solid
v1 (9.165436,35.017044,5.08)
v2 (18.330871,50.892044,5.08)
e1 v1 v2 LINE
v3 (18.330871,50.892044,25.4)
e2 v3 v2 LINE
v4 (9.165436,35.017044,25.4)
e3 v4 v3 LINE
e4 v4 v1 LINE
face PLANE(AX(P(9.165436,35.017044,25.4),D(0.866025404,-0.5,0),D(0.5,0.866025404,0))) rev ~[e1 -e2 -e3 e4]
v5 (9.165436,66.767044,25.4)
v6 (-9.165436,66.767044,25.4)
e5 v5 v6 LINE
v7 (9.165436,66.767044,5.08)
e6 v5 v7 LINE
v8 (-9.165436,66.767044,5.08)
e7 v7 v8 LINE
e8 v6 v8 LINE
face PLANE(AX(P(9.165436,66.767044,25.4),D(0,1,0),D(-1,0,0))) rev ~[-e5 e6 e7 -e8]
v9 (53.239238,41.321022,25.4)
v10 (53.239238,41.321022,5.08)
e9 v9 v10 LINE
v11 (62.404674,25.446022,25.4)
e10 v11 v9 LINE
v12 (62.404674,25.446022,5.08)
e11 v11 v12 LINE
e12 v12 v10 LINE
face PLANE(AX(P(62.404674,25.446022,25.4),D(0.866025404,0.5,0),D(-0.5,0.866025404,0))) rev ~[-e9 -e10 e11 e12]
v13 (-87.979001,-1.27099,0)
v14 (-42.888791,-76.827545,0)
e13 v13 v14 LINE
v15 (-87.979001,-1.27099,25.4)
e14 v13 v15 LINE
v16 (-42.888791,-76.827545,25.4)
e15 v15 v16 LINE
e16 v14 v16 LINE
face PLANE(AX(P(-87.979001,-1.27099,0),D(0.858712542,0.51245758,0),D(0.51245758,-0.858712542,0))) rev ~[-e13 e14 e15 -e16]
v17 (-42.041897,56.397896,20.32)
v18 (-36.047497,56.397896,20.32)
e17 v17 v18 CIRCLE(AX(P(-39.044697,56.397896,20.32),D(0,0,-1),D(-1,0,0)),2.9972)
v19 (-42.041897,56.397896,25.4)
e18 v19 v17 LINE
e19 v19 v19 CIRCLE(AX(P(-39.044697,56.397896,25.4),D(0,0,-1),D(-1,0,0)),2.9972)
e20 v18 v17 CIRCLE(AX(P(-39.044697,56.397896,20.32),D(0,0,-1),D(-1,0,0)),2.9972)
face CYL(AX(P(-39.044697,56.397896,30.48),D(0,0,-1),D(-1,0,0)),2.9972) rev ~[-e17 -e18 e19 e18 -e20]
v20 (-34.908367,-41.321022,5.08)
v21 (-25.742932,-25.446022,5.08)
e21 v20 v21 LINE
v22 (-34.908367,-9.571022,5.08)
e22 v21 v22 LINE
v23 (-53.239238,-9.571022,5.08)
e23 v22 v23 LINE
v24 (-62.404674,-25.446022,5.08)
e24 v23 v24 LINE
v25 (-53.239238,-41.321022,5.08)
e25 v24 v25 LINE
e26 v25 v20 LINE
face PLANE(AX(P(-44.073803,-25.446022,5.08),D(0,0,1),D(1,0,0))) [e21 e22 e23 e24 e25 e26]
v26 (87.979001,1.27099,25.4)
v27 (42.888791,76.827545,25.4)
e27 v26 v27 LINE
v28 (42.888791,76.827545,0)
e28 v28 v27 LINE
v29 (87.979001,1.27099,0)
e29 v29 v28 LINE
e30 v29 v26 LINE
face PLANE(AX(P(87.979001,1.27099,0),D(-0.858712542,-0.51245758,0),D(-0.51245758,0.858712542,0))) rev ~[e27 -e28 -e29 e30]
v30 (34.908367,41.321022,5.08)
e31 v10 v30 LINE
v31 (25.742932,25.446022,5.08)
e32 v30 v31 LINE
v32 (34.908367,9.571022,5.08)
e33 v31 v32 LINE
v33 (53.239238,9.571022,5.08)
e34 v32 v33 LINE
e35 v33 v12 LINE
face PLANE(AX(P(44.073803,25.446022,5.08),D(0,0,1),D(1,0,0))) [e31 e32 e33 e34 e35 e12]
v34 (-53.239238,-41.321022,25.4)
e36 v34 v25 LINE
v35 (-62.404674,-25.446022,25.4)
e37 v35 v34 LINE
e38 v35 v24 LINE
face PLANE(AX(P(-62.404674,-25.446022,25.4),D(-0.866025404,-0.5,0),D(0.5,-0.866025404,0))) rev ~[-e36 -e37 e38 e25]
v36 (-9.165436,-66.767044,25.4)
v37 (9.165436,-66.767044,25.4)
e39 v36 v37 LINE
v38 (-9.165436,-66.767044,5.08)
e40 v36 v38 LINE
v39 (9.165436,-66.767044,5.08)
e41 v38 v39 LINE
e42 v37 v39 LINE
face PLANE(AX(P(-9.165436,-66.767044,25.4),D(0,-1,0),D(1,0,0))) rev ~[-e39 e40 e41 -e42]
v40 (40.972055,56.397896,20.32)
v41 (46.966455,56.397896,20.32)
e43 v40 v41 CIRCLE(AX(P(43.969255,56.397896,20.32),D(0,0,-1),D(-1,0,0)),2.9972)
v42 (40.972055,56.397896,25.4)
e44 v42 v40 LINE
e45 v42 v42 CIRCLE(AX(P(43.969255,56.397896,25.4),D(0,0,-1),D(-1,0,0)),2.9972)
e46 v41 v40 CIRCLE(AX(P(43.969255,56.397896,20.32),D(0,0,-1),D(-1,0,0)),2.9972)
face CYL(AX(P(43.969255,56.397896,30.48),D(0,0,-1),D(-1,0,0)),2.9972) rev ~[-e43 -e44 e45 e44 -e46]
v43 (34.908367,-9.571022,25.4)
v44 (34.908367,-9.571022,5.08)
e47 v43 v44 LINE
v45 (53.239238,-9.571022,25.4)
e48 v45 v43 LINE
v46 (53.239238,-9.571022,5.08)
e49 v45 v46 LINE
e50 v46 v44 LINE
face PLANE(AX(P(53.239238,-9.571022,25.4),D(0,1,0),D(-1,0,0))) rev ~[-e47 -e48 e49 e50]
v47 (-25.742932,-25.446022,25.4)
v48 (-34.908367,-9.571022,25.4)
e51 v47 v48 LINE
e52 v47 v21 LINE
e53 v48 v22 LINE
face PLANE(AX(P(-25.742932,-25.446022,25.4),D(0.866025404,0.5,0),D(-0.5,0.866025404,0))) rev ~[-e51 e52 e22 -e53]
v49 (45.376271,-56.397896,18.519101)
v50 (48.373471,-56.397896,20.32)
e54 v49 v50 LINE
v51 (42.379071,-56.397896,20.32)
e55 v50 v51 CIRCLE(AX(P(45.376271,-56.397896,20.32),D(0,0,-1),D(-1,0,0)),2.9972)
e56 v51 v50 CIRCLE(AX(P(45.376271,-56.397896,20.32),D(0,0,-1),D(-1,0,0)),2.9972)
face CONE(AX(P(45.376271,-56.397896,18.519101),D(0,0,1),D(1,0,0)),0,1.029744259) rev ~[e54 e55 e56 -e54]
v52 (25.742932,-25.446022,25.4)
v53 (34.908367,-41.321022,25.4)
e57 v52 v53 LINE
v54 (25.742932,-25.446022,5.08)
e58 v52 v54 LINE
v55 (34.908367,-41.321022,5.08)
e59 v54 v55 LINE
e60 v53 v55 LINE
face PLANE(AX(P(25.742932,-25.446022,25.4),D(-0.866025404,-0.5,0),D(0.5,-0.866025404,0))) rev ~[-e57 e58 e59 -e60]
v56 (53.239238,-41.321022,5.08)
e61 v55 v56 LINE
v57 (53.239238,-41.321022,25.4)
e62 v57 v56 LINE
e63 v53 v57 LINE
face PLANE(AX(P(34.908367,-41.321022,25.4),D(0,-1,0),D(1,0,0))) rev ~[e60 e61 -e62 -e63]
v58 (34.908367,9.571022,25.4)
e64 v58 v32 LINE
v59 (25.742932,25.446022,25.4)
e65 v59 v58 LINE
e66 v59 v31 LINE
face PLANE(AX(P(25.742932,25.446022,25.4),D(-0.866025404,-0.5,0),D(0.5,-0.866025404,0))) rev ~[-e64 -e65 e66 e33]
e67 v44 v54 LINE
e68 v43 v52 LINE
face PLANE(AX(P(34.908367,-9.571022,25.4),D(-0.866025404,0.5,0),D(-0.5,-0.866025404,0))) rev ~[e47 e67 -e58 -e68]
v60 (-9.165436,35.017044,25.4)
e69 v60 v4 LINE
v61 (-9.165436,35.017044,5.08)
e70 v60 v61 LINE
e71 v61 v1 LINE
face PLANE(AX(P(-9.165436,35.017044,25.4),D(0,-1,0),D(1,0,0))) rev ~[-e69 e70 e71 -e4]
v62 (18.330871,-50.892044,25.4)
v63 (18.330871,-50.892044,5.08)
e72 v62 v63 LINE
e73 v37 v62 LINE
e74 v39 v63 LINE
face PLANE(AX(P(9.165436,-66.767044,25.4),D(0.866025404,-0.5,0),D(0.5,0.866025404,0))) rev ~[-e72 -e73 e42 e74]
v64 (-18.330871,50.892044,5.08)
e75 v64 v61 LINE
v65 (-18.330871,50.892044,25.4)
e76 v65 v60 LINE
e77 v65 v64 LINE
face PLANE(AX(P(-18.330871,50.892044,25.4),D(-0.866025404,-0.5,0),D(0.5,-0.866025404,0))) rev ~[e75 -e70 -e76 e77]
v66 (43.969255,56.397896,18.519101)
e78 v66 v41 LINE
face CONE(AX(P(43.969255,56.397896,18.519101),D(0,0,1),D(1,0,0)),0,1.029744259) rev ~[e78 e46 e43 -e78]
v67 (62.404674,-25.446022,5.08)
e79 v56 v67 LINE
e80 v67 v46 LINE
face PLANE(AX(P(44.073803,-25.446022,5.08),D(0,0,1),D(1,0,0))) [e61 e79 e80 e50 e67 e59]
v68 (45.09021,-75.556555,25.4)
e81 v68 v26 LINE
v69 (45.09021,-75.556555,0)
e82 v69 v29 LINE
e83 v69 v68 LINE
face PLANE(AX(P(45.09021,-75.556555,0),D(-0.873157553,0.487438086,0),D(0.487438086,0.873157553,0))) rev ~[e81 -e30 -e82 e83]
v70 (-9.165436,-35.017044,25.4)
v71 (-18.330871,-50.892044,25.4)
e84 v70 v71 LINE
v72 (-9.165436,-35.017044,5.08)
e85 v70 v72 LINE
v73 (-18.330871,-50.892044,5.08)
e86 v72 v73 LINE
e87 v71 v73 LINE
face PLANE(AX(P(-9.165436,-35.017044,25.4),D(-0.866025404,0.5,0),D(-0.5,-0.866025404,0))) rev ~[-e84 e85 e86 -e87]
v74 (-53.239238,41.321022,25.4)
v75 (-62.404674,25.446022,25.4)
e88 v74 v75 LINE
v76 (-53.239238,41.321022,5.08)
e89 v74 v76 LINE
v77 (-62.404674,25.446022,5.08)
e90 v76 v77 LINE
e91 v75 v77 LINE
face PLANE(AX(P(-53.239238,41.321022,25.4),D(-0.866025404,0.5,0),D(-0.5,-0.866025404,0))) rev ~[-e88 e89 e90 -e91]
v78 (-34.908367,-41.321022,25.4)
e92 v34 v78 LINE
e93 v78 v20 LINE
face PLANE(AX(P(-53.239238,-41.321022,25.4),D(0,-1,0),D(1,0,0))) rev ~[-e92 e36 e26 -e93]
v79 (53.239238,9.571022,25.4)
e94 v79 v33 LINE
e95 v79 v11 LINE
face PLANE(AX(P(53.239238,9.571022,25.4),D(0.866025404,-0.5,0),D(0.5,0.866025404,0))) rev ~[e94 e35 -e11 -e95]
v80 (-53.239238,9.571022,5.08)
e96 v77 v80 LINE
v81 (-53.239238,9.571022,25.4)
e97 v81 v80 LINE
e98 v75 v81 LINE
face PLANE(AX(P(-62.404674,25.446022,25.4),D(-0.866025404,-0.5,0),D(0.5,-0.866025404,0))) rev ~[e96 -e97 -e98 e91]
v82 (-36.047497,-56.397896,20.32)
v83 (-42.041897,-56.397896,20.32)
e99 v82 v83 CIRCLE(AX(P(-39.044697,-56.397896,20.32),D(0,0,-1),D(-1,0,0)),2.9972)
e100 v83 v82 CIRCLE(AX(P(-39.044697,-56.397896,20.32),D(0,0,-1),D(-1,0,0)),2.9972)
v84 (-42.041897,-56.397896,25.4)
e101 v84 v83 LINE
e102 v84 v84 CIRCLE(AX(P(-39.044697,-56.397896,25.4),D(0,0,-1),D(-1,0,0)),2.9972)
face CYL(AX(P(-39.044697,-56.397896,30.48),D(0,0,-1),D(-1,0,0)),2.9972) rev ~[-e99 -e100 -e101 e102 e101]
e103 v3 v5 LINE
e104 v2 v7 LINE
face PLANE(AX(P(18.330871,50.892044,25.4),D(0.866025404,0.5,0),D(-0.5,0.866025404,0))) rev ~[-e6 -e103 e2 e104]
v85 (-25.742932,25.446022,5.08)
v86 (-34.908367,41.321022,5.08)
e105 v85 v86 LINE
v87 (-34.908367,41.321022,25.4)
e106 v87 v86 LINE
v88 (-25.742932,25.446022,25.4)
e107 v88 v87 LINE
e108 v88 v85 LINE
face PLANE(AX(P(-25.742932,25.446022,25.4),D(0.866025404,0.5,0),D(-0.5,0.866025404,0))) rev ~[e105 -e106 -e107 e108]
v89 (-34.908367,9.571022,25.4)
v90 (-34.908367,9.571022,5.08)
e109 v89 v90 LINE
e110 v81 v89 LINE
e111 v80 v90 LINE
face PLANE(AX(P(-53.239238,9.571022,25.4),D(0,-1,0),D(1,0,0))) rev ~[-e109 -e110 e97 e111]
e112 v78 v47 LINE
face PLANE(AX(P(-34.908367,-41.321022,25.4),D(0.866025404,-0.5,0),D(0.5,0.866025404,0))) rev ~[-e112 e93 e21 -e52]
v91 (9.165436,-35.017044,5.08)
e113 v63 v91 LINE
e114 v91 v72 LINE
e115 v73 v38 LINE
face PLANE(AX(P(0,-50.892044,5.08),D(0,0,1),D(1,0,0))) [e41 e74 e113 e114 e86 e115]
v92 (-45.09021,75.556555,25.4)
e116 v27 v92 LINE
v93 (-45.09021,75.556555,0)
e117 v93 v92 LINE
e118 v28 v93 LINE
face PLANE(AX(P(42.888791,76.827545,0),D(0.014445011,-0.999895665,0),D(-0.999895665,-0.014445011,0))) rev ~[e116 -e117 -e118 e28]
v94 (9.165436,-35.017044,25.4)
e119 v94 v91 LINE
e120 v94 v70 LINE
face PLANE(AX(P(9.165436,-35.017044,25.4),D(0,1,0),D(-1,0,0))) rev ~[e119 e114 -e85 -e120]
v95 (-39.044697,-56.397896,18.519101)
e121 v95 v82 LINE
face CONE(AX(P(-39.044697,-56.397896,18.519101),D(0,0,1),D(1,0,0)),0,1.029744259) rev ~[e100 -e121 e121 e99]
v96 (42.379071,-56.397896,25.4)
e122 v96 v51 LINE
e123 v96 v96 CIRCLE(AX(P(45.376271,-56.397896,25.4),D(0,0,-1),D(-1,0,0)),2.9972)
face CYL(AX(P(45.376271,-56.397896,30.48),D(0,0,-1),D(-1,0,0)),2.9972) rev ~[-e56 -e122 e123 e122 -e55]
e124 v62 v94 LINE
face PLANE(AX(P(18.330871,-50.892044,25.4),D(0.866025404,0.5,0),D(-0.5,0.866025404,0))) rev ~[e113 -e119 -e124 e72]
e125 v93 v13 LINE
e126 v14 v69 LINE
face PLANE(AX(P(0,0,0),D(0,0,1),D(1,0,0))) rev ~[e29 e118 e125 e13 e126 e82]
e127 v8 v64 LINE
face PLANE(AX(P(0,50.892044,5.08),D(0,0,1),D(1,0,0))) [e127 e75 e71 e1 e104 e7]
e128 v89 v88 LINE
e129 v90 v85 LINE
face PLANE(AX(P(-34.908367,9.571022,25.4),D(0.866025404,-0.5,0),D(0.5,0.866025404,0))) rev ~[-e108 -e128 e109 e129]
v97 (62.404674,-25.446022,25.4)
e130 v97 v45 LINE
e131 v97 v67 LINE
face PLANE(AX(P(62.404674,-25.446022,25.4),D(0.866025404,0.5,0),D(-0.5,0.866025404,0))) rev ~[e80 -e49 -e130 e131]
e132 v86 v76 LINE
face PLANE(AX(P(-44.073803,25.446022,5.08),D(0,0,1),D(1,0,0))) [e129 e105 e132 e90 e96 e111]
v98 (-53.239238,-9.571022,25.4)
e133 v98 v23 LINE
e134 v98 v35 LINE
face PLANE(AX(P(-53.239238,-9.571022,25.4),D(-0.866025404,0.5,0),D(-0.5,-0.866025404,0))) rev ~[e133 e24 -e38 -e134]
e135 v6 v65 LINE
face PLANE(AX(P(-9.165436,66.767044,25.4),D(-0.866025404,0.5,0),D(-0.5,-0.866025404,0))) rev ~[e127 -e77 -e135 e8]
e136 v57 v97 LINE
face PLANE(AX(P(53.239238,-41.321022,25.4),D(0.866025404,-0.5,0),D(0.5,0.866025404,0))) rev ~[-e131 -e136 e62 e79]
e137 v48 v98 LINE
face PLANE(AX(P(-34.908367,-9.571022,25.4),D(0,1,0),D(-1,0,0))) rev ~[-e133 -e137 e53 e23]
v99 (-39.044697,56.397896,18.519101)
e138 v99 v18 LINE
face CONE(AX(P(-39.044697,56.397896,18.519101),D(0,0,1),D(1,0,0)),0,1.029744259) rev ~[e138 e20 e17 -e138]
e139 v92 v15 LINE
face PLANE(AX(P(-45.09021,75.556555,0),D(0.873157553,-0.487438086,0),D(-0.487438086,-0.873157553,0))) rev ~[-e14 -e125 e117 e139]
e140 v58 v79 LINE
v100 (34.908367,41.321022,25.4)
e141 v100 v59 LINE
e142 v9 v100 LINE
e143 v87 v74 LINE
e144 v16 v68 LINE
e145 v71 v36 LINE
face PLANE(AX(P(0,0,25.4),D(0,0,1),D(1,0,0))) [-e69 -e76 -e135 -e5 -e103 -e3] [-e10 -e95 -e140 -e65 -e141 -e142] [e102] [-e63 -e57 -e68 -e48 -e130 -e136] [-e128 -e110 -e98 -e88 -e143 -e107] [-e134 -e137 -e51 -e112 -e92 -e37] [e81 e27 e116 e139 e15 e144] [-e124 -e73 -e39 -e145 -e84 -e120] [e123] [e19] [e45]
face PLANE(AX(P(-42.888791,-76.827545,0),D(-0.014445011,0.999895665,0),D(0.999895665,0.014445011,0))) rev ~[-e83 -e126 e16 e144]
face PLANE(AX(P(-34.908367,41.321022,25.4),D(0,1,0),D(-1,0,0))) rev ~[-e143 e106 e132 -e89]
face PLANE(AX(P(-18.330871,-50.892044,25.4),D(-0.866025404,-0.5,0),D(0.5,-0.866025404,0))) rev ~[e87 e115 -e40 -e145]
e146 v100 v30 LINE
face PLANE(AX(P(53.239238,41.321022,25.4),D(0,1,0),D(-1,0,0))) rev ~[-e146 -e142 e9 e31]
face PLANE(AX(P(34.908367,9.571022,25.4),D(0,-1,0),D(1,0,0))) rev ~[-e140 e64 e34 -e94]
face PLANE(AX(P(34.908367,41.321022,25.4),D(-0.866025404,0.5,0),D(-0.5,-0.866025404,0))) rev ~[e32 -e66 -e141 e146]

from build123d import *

# Parameters (mm, degrees)
F1_DEPTH = 25.4
F3_DEPTH = 20.32
F5_D     = 5.9944
F5_DEPTH = 5.08
F5_TIP   = 1.8008994473


with BuildPart() as f1:
    # F0 (on Top) → F1 (new body)
    with BuildSketch(Plane.XY):
        Polygon((45.0902102752, -75.5565545624), (87.979000811, 1.2709902791), (42.8887905359, 76.8275448415), (-45.0902102752, 75.5565545624), (-87.979000811, -1.2709902791), (-42.8887905359, -76.8275448415), align=None)
    extrude(amount=F1_DEPTH)

    # F2 (on face) → F3 (cut)
    with BuildSketch(Plane.XY.offset(25.4)):
        Polygon((-25.7429317854, 25.4460219294), (-34.9083673088, 41.3210219294), (-53.2392383556, 41.3210219294), (-62.404673879, 25.4460219294), (-53.2392383556, 9.5710219294), (-34.9083673088, 9.5710219294), align=None)
        Polygon((-9.1654355234, 35.0170438588), (9.1654355234, 35.0170438588), (18.3308710468, 50.8920438588), (9.1654355234, 66.7670438588), (-9.1654355234, 66.7670438588), (-18.3308710468, 50.8920438588), align=None)
        Polygon((25.7429317854, -25.4460219294), (34.9083673088, -41.3210219294), (53.2392383556, -41.3210219294), (62.404673879, -25.4460219294), (53.2392383556, -9.5710219294), (34.9083673088, -9.5710219294), align=None)
        Polygon((34.9083673088, 9.5710219294), (53.2392383556, 9.5710219294), (62.404673879, 25.4460219294), (53.2392383556, 41.3210219294), (34.9083673088, 41.3210219294), (25.7429317854, 25.4460219294), align=None)
        Polygon((-9.1654355234, -35.0170438588), (-18.3308710468, -50.8920438588), (-9.1654355234, -66.7670438588), (9.1654355234, -66.7670438588), (18.3308710468, -50.8920438588), (9.1654355234, -35.0170438588), align=None)
        Polygon((-34.9083673088, -9.5710219294), (-53.2392383556, -9.5710219294), (-62.404673879, -25.4460219294), (-53.2392383556, -41.3210219294), (-34.9083673088, -41.3210219294), (-25.7429317854, -25.4460219294), align=None)
    extrude(amount=-F3_DEPTH, mode=Mode.SUBTRACT)

    # F5
    with Locations(Plane.XY.offset(25.4)):
        with Locations((-39.0446968377, 56.39789626), (43.9692549407, 56.39789626), (-39.0446968377, -56.39789626), (45.3762710094, -56.39789626)):
            Hole(F5_D / 2, depth=F5_DEPTH)
            with Locations((0, 0, -(F5_DEPTH + F5_TIP / 2))):  # 118° drill point
                Cone(0, F5_D / 2, F5_TIP, mode=Mode.SUBTRACT)


solid = f1.part
